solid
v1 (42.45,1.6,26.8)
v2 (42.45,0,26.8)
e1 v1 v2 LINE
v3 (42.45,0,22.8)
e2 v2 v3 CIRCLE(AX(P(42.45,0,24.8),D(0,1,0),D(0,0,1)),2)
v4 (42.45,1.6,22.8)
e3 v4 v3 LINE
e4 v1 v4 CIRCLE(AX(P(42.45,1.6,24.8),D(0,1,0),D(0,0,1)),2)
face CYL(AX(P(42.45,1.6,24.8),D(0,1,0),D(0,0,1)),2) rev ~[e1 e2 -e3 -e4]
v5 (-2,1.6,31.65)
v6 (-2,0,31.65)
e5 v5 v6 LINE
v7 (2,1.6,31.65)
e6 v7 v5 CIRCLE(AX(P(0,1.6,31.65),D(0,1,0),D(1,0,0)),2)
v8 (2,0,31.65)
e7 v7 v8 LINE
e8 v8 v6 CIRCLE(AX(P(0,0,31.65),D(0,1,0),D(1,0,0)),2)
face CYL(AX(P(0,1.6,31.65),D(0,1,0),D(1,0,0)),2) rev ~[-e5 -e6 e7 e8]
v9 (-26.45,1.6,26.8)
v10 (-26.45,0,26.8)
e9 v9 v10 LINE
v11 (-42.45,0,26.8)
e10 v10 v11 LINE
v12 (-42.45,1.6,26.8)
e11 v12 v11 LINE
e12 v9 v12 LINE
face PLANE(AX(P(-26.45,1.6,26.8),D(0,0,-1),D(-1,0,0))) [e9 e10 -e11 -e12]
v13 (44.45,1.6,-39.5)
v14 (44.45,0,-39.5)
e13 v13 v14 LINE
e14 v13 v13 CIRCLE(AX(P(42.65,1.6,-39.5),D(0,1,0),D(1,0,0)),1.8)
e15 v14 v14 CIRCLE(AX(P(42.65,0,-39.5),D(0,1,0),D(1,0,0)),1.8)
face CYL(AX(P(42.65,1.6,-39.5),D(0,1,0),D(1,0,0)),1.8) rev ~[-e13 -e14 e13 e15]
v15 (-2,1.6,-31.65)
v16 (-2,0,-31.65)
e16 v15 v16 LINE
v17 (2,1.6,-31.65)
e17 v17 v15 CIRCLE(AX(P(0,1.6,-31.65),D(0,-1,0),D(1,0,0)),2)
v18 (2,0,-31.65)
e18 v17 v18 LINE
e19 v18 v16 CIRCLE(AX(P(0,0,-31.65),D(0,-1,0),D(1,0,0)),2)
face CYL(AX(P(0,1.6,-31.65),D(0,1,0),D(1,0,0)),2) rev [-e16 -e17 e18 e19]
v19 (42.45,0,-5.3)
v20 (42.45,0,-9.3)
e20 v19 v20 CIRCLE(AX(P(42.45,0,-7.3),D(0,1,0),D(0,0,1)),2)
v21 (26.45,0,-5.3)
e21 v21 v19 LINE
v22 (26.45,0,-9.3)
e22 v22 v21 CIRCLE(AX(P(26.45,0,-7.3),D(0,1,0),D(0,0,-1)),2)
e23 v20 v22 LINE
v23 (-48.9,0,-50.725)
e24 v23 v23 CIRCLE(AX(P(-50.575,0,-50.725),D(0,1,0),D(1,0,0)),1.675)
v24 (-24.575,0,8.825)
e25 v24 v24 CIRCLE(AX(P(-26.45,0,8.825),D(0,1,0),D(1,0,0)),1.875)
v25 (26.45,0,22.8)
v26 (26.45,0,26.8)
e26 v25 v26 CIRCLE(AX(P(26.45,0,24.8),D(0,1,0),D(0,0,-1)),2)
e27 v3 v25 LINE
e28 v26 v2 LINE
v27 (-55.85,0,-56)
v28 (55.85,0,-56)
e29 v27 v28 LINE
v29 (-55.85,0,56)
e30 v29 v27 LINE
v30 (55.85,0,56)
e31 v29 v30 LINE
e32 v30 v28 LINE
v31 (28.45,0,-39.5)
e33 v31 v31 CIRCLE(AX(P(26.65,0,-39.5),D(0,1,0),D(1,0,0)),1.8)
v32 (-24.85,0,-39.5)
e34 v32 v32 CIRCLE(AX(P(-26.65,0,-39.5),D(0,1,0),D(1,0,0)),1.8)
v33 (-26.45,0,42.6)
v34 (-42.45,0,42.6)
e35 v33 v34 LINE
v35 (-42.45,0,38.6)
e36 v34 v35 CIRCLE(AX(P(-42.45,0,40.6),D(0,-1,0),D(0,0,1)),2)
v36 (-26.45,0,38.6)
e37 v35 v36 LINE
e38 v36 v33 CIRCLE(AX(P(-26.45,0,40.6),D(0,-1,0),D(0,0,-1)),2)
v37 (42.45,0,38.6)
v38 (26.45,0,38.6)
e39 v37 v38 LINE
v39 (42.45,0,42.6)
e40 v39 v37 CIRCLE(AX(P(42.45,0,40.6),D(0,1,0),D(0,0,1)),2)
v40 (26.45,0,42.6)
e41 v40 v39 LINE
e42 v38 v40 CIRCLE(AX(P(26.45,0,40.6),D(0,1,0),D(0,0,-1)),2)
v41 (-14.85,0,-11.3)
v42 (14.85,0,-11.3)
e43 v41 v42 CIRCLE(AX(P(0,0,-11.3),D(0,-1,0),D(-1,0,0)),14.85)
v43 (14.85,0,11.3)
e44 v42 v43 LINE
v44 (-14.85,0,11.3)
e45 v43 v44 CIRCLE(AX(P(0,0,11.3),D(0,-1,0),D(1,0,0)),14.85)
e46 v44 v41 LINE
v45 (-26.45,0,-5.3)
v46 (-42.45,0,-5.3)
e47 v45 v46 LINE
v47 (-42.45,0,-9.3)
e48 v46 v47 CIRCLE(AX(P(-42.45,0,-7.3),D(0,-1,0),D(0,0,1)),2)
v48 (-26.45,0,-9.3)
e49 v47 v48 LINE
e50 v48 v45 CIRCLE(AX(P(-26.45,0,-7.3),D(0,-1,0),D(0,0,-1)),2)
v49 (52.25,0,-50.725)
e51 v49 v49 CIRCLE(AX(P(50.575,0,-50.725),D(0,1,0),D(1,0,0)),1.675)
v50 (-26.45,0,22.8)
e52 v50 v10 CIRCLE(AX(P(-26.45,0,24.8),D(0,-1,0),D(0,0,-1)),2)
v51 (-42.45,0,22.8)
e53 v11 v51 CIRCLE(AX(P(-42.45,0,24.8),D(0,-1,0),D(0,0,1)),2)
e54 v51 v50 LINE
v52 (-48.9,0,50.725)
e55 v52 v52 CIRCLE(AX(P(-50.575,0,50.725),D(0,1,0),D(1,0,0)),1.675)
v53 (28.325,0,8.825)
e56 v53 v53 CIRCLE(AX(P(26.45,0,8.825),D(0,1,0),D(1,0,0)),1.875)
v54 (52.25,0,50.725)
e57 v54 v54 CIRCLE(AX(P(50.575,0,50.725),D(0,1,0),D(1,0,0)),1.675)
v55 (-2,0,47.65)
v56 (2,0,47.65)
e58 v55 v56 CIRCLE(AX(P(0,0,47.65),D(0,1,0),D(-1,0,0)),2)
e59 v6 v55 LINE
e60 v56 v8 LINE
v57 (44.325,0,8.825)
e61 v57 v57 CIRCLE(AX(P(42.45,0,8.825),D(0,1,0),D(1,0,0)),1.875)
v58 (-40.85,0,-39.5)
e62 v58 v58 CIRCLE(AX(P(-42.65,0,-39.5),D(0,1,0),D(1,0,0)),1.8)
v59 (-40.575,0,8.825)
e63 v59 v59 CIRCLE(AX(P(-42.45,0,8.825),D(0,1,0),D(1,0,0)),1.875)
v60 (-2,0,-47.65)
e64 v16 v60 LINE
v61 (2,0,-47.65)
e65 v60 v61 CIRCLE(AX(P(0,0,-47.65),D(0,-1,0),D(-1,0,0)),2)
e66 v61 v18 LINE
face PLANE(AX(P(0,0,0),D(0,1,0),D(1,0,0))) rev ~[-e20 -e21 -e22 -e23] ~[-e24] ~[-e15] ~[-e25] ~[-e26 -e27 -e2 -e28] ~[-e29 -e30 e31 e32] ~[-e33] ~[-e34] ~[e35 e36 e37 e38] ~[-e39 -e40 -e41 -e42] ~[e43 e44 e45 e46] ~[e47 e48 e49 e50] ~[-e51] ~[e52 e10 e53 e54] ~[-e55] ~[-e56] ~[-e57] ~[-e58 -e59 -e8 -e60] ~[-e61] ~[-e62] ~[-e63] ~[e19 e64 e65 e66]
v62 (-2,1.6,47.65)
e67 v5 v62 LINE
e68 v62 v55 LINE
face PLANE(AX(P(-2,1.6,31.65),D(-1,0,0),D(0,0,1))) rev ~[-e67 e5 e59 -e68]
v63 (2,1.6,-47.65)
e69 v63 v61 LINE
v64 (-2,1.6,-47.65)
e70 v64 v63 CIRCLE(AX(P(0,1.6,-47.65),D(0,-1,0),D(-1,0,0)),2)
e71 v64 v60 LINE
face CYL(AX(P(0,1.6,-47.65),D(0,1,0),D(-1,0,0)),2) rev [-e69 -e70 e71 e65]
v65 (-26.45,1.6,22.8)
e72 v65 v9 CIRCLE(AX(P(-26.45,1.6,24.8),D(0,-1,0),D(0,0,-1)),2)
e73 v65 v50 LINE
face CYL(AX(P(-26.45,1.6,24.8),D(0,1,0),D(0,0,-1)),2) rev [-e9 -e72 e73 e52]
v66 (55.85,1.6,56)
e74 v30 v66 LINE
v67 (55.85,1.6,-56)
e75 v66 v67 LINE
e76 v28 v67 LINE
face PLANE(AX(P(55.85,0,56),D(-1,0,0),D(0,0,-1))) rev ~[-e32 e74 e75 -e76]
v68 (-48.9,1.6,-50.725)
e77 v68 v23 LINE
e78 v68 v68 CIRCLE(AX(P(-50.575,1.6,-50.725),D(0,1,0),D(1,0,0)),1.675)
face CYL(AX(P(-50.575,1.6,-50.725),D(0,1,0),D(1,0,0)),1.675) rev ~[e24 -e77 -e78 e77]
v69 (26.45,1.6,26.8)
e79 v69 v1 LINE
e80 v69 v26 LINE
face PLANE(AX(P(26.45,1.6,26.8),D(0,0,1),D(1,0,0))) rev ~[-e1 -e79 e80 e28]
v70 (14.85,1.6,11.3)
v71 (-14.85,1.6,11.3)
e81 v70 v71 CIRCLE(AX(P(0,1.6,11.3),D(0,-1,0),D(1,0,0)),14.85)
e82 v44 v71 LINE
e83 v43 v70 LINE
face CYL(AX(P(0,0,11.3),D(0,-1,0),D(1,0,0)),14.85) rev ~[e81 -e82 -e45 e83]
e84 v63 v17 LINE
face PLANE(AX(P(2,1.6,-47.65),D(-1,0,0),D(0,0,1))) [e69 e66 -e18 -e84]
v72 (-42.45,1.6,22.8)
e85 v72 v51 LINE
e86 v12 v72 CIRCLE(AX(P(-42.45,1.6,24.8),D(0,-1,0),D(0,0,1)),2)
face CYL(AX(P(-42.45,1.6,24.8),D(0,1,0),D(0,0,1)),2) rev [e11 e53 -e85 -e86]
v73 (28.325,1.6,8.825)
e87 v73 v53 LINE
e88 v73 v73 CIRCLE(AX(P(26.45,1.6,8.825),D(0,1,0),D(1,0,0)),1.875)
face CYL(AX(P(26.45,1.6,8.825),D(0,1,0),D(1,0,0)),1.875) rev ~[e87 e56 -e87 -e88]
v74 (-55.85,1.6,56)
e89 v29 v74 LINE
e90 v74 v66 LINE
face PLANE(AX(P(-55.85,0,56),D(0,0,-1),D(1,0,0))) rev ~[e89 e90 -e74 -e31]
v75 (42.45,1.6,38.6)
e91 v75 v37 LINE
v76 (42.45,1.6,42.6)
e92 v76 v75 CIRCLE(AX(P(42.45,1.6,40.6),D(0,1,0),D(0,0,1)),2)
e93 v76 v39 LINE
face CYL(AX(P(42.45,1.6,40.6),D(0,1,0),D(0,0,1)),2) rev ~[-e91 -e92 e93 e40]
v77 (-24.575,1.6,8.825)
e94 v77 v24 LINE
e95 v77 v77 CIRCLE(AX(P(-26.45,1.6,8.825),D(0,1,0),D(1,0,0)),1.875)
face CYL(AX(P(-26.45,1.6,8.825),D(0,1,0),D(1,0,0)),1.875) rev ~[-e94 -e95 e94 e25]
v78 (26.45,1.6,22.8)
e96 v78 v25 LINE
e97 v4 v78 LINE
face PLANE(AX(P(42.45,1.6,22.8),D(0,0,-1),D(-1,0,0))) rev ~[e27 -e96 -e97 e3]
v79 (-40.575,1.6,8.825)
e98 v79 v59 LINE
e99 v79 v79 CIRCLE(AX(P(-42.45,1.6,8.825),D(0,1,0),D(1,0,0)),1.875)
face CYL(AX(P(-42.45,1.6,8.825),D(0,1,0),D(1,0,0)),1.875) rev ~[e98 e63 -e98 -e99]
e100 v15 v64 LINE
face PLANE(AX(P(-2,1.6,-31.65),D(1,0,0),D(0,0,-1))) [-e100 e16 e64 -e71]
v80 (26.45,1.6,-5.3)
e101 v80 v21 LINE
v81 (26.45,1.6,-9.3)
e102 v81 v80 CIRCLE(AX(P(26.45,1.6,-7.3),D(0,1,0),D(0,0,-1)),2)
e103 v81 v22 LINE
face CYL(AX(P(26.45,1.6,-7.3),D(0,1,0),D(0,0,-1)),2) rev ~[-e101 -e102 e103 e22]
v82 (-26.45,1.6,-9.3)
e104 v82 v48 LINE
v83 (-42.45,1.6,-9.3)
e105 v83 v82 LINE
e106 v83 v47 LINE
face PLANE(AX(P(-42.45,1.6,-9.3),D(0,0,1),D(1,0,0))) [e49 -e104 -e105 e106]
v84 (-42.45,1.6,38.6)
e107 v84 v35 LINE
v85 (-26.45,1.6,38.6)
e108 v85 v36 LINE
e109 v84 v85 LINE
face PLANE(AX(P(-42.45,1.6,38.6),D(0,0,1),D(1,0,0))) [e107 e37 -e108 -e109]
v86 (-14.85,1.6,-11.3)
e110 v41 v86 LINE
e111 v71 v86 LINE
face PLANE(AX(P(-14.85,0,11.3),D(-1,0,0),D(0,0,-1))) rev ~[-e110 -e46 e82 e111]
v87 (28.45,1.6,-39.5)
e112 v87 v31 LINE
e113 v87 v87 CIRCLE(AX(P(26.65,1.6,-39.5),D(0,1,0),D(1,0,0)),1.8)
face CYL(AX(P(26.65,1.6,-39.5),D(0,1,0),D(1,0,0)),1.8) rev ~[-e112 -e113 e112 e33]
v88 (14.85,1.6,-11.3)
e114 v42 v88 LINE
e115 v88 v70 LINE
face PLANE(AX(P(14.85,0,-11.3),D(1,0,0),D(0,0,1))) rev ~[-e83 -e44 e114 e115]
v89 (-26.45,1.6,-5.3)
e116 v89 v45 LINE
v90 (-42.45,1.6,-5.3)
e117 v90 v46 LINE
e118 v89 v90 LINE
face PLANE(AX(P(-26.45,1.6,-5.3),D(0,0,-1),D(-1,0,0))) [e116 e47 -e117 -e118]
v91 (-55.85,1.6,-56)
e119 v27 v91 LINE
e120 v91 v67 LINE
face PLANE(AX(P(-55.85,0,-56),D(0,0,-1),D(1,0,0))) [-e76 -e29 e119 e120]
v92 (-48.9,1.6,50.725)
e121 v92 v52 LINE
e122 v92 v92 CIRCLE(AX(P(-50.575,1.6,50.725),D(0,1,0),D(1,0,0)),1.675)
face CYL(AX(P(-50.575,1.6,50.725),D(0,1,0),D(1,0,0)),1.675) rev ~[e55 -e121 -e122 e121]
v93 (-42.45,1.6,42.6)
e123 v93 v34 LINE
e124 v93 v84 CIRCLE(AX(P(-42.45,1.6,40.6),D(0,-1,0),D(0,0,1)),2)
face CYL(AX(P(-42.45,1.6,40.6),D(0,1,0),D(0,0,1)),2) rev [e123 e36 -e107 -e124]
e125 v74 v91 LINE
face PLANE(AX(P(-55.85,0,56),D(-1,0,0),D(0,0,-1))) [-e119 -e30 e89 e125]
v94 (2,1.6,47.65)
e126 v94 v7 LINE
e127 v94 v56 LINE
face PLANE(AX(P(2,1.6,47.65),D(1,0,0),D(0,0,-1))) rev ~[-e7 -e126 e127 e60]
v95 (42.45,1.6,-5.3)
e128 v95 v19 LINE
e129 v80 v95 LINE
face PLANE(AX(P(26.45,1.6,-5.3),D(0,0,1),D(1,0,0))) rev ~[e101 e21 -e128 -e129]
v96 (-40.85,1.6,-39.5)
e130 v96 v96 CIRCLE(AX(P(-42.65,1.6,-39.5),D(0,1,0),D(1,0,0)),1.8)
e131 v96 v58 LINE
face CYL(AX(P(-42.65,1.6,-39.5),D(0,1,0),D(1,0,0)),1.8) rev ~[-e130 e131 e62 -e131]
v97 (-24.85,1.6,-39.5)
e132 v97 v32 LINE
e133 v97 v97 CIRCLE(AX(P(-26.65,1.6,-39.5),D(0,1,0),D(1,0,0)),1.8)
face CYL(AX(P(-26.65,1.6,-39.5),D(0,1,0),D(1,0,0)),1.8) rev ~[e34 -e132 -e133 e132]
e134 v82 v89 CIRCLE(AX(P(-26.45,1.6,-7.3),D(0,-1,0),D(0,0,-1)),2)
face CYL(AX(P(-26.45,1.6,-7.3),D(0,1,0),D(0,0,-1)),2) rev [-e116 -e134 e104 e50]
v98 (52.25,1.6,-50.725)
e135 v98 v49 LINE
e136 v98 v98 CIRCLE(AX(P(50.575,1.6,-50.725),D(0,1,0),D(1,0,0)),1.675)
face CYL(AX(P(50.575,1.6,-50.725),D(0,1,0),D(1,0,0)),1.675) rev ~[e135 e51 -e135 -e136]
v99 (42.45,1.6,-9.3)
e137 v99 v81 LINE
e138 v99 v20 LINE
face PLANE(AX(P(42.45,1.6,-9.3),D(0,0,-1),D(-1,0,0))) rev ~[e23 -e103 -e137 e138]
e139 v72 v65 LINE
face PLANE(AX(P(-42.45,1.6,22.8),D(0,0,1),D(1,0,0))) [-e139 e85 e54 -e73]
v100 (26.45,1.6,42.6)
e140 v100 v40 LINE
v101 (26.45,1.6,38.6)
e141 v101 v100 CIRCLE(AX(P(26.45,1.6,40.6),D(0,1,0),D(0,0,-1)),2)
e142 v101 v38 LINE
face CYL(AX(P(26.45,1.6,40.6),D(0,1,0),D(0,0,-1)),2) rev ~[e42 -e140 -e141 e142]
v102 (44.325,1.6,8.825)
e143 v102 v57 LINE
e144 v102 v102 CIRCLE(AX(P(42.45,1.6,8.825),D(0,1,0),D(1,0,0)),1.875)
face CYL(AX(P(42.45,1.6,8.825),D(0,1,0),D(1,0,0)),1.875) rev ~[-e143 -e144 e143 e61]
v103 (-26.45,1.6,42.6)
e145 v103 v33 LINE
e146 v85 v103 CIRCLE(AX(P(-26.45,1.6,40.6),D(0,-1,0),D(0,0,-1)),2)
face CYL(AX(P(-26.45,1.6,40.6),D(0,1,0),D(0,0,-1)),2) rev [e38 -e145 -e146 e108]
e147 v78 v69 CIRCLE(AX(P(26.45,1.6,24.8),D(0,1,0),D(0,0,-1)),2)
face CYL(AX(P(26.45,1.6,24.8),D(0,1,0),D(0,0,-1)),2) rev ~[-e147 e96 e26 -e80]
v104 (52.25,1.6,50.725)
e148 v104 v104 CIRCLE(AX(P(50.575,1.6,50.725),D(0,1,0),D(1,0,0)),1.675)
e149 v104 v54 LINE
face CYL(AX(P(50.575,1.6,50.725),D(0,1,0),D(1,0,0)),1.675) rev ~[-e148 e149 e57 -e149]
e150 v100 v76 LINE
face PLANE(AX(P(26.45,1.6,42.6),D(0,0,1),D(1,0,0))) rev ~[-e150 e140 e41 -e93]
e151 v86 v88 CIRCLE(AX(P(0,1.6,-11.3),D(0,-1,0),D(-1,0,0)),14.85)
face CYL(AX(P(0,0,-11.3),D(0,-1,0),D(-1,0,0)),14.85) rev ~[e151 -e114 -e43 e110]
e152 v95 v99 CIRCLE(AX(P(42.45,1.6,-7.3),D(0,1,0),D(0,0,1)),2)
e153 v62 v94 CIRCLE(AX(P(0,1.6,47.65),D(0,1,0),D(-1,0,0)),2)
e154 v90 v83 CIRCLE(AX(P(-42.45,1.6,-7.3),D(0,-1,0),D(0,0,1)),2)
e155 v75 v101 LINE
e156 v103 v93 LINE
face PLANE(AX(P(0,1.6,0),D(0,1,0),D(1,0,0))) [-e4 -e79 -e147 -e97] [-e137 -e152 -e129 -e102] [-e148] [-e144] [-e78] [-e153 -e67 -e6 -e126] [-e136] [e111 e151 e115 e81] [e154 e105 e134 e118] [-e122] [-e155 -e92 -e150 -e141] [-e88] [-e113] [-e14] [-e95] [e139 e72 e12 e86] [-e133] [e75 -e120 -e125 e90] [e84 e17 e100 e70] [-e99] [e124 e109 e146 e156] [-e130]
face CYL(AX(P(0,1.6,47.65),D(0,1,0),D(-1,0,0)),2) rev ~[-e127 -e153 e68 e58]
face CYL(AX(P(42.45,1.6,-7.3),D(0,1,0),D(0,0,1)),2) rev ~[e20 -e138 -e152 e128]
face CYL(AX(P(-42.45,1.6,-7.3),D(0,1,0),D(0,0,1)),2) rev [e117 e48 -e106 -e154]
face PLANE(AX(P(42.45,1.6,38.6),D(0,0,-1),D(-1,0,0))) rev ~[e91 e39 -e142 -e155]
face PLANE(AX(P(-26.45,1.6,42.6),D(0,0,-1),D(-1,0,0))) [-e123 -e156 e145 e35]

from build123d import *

# Parameters (mm, degrees)
SKETCH1_W           = 111.7
SKETCH1_H           = 112
BOSS_EXTRUDE1_DEPTH = 1.6
CUT_EXTRUDE1_DEPTH  = 1.6
SKETCH3_R           = 1.675
SKETCH3_R_2         = 1.8
SKETCH3_R_3         = 1.875
CUT_EXTRUDE2_DEPTH  = 1.6


with BuildPart() as part:
    # Sketch1 → Boss-Extrude1 (new body)
    with BuildSketch(Plane(origin=(0, 0, 0), x_dir=(1, 0, 0), z_dir=(0, 1, 0))):
        Rectangle(SKETCH1_W, SKETCH1_H)
        with BuildLine():
            Line((-14.85, -11.3), (-14.85, 11.3))
            ThreePointArc((-14.85, 11.3), (0, 26.15), (14.85, 11.3))
            Line((14.85, 11.3), (14.85, -11.3))
            ThreePointArc((14.85, -11.3), (0, -26.15), (-14.85, -11.3))
        make_face(mode=Mode.SUBTRACT)
    extrude(amount=BOSS_EXTRUDE1_DEPTH)

    # Sketch2 → Cut-Extrude1 (cut)
    with BuildSketch(Plane(origin=(0, 1.6, 0), x_dir=(1, 0, 0), z_dir=(0, 1, 0))):
        with BuildLine():
            Line((2, 47.65), (2, 31.65))
            ThreePointArc((2, 31.65), (0, 29.65), (-2, 31.65))
            Line((-2, 31.65), (-2, 47.65))
            ThreePointArc((-2, 47.65), (0, 49.65), (2, 47.65))
        make_face()
        with BuildLine():
            Line((2, -47.65), (2, -31.65))
            ThreePointArc((2, -31.65), (0, -29.65), (-2, -31.65))
            Line((-2, -31.65), (-2, -47.65))
            ThreePointArc((-2, -47.65), (0, -49.65), (2, -47.65))
        make_face()
    extrude(amount=-CUT_EXTRUDE1_DEPTH, mode=Mode.SUBTRACT)

    # Sketch3 → Cut-Extrude2 (cut)
    with BuildSketch(Plane(origin=(0, 1.6, 0), x_dir=(1, 0, 0), z_dir=(0, 1, 0))):
        with Locations((-50.575, 50.725)):
            Circle(SKETCH3_R)
        with Locations((50.575, 50.725)):
            Circle(SKETCH3_R)
        with Locations((50.575, -50.725)):
            Circle(SKETCH3_R)
        with Locations((-50.575, -50.725)):
            Circle(SKETCH3_R)
        with Locations((-42.65, 39.5)):
            Circle(SKETCH3_R_2)
        with Locations((-26.65, 39.5)):
            Circle(SKETCH3_R_2)
        with Locations((-42.45, -8.825)):
            Circle(SKETCH3_R_3)
        with Locations((-26.45, -8.825)):
            Circle(SKETCH3_R_3)
        with Locations((26.45, -8.825)):
            Circle(SKETCH3_R_3)
        with Locations((42.45, -8.825)):
            Circle(SKETCH3_R_3)
        with Locations((42.65, 39.5)):
            Circle(SKETCH3_R_2)
        with Locations((26.65, 39.5)):
            Circle(SKETCH3_R_2)
        with BuildLine():
            Line((-42.45, 9.3), (-26.45, 9.3))
            ThreePointArc((-26.45, 9.3), (-24.45, 7.3), (-26.45, 5.3))
            Line((-26.45, 5.3), (-42.45, 5.3))
            ThreePointArc((-42.45, 5.3), (-44.45, 7.3), (-42.45, 9.3))
        make_face()
        with BuildLine():
            Line((-42.45, -38.6), (-26.45, -38.6))
            ThreePointArc((-26.45, -38.6), (-24.45, -40.6), (-26.45, -42.6))
            Line((-26.45, -42.6), (-42.45, -42.6))
            ThreePointArc((-42.45, -42.6), (-44.45, -40.6), (-42.45, -38.6))
        make_face()
        with BuildLine():
            Line((-42.45, -22.8), (-26.45, -22.8))
            ThreePointArc((-26.45, -22.8), (-24.45, -24.8), (-26.45, -26.8))
            Line((-26.45, -26.8), (-42.45, -26.8))
            ThreePointArc((-42.45, -26.8), (-44.45, -24.8), (-42.45, -22.8))
        make_face()
        with BuildLine():
            Line((42.45, -38.6), (26.45, -38.6))
            ThreePointArc((26.45, -38.6), (24.45, -40.6), (26.45, -42.6))
            Line((26.45, -42.6), (42.45, -42.6))
            ThreePointArc((42.45, -42.6), (44.45, -40.6), (42.45, -38.6))
        make_face()
        with BuildLine():
            Line((42.45, -22.8), (26.45, -22.8))
            ThreePointArc((26.45, -22.8), (24.45, -24.8), (26.45, -26.8))
            Line((26.45, -26.8), (42.45, -26.8))
            ThreePointArc((42.45, -26.8), (44.45, -24.8), (42.45, -22.8))
        make_face()
        with BuildLine():
            Line((42.45, 9.3), (26.45, 9.3))
            ThreePointArc((26.45, 9.3), (24.45, 7.3), (26.45, 5.3))
            Line((26.45, 5.3), (42.45, 5.3))
            ThreePointArc((42.45, 5.3), (44.45, 7.3), (42.45, 9.3))
        make_face()
    extrude(amount=-CUT_EXTRUDE2_DEPTH, mode=Mode.SUBTRACT)


solid = part.part
